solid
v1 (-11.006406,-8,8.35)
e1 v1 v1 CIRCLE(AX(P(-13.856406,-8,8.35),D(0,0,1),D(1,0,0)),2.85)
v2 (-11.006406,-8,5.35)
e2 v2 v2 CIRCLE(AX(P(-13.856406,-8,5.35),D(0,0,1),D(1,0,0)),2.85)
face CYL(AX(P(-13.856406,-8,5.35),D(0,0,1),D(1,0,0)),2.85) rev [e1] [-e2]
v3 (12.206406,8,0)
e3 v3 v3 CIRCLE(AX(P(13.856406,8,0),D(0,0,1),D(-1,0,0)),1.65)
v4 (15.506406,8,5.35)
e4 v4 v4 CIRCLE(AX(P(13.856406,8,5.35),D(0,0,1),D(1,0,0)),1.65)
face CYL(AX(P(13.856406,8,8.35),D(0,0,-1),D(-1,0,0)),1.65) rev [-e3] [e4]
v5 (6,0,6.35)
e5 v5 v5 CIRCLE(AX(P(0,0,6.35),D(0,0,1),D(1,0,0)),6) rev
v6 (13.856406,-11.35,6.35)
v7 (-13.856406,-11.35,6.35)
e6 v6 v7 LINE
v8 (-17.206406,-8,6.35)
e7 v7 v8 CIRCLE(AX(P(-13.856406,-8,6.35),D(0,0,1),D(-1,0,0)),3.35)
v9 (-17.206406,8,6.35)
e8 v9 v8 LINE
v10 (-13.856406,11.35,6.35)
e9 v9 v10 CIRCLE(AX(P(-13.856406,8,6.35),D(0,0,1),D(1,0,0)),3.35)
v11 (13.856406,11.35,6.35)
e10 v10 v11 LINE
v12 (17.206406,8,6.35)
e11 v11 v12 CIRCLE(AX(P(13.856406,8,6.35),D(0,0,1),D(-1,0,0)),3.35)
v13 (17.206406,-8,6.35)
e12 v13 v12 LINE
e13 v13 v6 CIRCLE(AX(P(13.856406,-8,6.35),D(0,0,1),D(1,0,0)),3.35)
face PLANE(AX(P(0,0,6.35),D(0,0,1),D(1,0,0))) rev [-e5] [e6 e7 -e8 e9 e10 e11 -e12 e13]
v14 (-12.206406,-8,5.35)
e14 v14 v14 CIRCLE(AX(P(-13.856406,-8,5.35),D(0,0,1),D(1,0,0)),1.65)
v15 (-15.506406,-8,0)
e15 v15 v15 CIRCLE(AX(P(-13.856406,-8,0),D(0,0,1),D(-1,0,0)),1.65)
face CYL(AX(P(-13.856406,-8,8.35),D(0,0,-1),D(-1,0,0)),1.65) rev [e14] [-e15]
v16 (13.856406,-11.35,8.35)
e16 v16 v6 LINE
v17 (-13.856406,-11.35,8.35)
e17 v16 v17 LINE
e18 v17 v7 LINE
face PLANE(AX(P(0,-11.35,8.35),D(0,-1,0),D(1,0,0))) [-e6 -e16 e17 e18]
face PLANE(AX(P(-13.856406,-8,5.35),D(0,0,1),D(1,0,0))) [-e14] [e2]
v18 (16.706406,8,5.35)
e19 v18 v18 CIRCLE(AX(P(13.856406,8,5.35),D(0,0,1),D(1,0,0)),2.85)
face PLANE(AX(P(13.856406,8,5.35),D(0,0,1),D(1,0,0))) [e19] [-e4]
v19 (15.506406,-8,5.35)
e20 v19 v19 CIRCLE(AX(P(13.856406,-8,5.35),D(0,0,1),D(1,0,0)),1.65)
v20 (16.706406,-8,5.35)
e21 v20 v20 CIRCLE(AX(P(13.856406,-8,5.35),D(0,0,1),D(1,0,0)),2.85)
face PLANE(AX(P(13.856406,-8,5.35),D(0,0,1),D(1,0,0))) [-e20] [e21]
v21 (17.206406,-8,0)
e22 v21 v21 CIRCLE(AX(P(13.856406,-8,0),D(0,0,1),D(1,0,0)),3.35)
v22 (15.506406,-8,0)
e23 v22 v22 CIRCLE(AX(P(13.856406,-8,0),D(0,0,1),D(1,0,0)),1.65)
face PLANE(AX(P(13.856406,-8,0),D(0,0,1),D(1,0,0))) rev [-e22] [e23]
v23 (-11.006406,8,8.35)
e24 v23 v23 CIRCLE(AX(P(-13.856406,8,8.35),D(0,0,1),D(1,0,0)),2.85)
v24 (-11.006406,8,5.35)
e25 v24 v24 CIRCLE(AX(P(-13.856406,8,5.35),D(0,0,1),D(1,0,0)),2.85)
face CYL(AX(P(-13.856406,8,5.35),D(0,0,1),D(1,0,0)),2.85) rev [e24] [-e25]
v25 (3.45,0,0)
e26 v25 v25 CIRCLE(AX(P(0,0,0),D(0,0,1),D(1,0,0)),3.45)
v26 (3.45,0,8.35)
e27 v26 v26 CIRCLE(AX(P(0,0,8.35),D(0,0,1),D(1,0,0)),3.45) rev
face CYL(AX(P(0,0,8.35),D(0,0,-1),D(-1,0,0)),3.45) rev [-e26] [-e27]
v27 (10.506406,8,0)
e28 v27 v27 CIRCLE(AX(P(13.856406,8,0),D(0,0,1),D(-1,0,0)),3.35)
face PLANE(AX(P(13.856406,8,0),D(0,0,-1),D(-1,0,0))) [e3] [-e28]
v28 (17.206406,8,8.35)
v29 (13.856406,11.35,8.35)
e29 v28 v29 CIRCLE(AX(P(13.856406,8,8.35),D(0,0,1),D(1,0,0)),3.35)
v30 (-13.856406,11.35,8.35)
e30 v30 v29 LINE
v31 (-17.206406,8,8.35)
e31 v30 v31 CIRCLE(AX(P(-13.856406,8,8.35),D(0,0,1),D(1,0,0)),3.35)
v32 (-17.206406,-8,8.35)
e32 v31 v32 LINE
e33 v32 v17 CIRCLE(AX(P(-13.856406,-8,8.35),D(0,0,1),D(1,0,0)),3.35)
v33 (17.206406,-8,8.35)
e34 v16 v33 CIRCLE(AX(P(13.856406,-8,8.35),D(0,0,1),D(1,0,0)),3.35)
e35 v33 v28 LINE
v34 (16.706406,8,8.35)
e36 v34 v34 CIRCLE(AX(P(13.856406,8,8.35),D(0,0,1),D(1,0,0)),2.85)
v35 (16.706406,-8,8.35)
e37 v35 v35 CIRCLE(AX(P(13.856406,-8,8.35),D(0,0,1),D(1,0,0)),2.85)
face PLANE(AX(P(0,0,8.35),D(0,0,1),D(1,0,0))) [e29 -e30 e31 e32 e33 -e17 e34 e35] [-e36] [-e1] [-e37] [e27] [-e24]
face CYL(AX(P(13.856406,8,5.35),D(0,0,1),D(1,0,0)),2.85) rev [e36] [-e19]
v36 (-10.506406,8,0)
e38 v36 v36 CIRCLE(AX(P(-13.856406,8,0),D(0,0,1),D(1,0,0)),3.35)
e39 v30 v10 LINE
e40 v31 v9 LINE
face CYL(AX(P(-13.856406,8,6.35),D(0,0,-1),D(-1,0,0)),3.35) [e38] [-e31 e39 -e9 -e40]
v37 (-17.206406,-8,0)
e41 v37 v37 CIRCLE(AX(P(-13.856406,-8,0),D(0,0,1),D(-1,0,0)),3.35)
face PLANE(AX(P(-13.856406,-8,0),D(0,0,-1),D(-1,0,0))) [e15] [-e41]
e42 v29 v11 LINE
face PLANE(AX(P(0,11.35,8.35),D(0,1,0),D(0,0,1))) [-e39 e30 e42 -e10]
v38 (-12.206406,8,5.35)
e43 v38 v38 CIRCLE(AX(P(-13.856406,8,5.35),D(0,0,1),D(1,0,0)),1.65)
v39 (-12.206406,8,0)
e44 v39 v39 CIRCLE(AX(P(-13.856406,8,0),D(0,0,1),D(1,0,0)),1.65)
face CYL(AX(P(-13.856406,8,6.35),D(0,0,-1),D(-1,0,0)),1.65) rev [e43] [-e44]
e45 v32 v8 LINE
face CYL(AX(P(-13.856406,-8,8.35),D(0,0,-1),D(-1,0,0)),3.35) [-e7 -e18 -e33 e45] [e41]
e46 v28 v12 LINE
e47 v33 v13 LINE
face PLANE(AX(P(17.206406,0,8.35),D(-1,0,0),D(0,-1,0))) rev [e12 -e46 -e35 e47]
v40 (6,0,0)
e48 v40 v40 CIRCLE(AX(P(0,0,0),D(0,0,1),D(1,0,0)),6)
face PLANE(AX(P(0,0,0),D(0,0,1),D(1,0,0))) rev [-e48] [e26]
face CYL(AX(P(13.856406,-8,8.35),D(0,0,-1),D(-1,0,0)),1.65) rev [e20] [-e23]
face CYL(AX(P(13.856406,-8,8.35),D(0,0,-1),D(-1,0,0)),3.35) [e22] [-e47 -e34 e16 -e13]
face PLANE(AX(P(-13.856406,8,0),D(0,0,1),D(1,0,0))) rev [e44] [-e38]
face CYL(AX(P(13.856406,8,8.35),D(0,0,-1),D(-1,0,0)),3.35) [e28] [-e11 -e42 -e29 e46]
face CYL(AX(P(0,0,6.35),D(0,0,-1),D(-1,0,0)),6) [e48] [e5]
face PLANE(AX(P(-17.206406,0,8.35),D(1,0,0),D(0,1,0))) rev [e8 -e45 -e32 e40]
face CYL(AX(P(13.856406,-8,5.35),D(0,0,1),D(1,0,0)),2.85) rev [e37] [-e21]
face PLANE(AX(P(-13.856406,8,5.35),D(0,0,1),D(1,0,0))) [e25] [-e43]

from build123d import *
from build123d.topology import SkipClean

# Parameters (mm, degrees)
SKETCH1_R             = 3.35
SKETCH1_R_2           = 1.65
BOSS_EXTRUDE1_DEPTH   = 6.35
BOSS_EXTRUDE1_2_DEPTH = 6.35
BOSS_EXTRUDE1_3_DEPTH = 6.35
BOSS_EXTRUDE1_4_DEPTH = 6.35
SKETCH1_R_3           = 6
SKETCH1_R_4           = 3.45
BOSS_EXTRUDE1_5_DEPTH = 6.35
SKETCH2_R             = 1.65
SKETCH2_R_2           = 6
SKETCH2_R_3           = 3.45
BOSS_EXTRUDE2_DEPTH   = 2
SKETCH3_R             = 2.85
CUT_EXTRUDE1_DEPTH    = 3


with BuildPart() as part:
    # Sketch1 → Boss-Extrude1 (new body)
    with BuildSketch(Plane.XY):
        with Locations((-13.856406461, 8)):
            Circle(SKETCH1_R)
        with Locations((-13.856406461, 8)):
            Circle(SKETCH1_R_2, mode=Mode.SUBTRACT)
    extrude(amount=BOSS_EXTRUDE1_DEPTH)



with BuildPart() as body_2:
    # Sketch1 → Boss-Extrude1 2 (new body)
    with BuildSketch(Plane.XY):
        with Locations(Location((-13.856406461, -8, 0), (0, 0, 180))):
            Circle(SKETCH1_R)
        with Locations(Location((-13.856406461, -8, 0), (0, 0, 180))):
            Circle(SKETCH1_R_2, mode=Mode.SUBTRACT)
    extrude(amount=BOSS_EXTRUDE1_2_DEPTH)


with BuildPart() as body_3:
    # Sketch1 → Boss-Extrude1 3 (new body)
    with BuildSketch(Plane.XY):
        with Locations((13.856406461, -8)):
            Circle(SKETCH1_R)
        with Locations((13.856406461, -8)):
            Circle(SKETCH1_R_2, mode=Mode.SUBTRACT)
    extrude(amount=BOSS_EXTRUDE1_3_DEPTH)


with BuildPart() as body_4:
    # Sketch1 → Boss-Extrude1 4 (new body)
    with BuildSketch(Plane.XY):
        with Locations(Location((13.856406461, 8, 0), (0, 0, 180))):
            Circle(SKETCH1_R)
        with Locations(Location((13.856406461, 8, 0), (0, 0, 180))):
            Circle(SKETCH1_R_2, mode=Mode.SUBTRACT)
    extrude(amount=BOSS_EXTRUDE1_4_DEPTH)


with BuildPart() as body_5:
    # Sketch1 → Boss-Extrude1 5 (new body)
    with BuildSketch(Plane.XY):
        Circle(SKETCH1_R_3)
        Circle(SKETCH1_R_4, mode=Mode.SUBTRACT)
    extrude(amount=BOSS_EXTRUDE1_5_DEPTH)


with BuildPart() as part_1:
    with SkipClean():  # the faces are left unmerged after this step: merging them gives an invalid solid
        add(part.part)

        add(body_2.part)  # Boss-Extrude2 merges body 2

        add(body_3.part)  # Boss-Extrude2 merges body 3

        add(body_4.part)  # Boss-Extrude2 merges body 4

        add(body_5.part)  # Boss-Extrude2 merges body 5
        # Sketch2 → Boss-Extrude2 (add)
        # profile 1 of 2: a face of its own
        with BuildSketch(Plane.XY.offset(6.35)):
            with BuildLine():
                Line((-13.856406461, 11.35), (13.856406461, 11.35))
                ThreePointArc((13.856406461, 11.35), (16.225214178, 10.368807717), (17.206406461, 8))
                Line((17.206406461, 8), (17.206406461, -8))
                ThreePointArc((17.206406461, -8), (16.225214178, -10.368807717), (13.856406461, -11.35))
                Line((13.856406461, -11.35), (-13.856406461, -11.35))
                ThreePointArc((-13.856406461, -11.35), (-16.225214178, -10.368807717), (-17.206406461, -8))
                Line((-17.206406461, -8), (-17.206406461, 8))
                ThreePointArc((-17.206406461, 8), (-16.225214178, 10.368807717), (-13.856406461, 11.35))
            make_face()
            with Locations((-13.856406461, 8)):
                Circle(SKETCH2_R, mode=Mode.SUBTRACT)
            with Locations(Location((-13.856406461, -8, 0), (0, 0, 180))):
                Circle(SKETCH2_R, mode=Mode.SUBTRACT)
            with Locations(Location((13.856406461, 8, 0), (0, 0, 180))):
                Circle(SKETCH2_R, mode=Mode.SUBTRACT)
            with Locations((13.856406461, -8)):
                Circle(SKETCH2_R, mode=Mode.SUBTRACT)
            Circle(SKETCH2_R_2, mode=Mode.SUBTRACT)
        # profile 2 of 2: a face of its own
        with BuildSketch(Plane.XY.offset(6.35)):
            Circle(SKETCH2_R_2)
            Circle(SKETCH2_R_3, mode=Mode.SUBTRACT)
        extrude(amount=BOSS_EXTRUDE2_DEPTH)

    # Sketch3 → Cut-Extrude1 (cut)
    with SkipClean():  # the faces are left unmerged after this step: merging them gives an invalid solid
        with BuildSketch(Plane.XY.offset(8.35)):
            with Locations((-13.856406461, 8)):
                Circle(SKETCH3_R)
            with Locations((-13.856406461, -8)):
                Circle(SKETCH3_R)
            with Locations((13.856406461, -8)):
                Circle(SKETCH3_R)
            with Locations((13.856406461, 8)):
                Circle(SKETCH3_R)
        extrude(amount=-CUT_EXTRUDE1_DEPTH, mode=Mode.SUBTRACT)


solid = part_1.part
